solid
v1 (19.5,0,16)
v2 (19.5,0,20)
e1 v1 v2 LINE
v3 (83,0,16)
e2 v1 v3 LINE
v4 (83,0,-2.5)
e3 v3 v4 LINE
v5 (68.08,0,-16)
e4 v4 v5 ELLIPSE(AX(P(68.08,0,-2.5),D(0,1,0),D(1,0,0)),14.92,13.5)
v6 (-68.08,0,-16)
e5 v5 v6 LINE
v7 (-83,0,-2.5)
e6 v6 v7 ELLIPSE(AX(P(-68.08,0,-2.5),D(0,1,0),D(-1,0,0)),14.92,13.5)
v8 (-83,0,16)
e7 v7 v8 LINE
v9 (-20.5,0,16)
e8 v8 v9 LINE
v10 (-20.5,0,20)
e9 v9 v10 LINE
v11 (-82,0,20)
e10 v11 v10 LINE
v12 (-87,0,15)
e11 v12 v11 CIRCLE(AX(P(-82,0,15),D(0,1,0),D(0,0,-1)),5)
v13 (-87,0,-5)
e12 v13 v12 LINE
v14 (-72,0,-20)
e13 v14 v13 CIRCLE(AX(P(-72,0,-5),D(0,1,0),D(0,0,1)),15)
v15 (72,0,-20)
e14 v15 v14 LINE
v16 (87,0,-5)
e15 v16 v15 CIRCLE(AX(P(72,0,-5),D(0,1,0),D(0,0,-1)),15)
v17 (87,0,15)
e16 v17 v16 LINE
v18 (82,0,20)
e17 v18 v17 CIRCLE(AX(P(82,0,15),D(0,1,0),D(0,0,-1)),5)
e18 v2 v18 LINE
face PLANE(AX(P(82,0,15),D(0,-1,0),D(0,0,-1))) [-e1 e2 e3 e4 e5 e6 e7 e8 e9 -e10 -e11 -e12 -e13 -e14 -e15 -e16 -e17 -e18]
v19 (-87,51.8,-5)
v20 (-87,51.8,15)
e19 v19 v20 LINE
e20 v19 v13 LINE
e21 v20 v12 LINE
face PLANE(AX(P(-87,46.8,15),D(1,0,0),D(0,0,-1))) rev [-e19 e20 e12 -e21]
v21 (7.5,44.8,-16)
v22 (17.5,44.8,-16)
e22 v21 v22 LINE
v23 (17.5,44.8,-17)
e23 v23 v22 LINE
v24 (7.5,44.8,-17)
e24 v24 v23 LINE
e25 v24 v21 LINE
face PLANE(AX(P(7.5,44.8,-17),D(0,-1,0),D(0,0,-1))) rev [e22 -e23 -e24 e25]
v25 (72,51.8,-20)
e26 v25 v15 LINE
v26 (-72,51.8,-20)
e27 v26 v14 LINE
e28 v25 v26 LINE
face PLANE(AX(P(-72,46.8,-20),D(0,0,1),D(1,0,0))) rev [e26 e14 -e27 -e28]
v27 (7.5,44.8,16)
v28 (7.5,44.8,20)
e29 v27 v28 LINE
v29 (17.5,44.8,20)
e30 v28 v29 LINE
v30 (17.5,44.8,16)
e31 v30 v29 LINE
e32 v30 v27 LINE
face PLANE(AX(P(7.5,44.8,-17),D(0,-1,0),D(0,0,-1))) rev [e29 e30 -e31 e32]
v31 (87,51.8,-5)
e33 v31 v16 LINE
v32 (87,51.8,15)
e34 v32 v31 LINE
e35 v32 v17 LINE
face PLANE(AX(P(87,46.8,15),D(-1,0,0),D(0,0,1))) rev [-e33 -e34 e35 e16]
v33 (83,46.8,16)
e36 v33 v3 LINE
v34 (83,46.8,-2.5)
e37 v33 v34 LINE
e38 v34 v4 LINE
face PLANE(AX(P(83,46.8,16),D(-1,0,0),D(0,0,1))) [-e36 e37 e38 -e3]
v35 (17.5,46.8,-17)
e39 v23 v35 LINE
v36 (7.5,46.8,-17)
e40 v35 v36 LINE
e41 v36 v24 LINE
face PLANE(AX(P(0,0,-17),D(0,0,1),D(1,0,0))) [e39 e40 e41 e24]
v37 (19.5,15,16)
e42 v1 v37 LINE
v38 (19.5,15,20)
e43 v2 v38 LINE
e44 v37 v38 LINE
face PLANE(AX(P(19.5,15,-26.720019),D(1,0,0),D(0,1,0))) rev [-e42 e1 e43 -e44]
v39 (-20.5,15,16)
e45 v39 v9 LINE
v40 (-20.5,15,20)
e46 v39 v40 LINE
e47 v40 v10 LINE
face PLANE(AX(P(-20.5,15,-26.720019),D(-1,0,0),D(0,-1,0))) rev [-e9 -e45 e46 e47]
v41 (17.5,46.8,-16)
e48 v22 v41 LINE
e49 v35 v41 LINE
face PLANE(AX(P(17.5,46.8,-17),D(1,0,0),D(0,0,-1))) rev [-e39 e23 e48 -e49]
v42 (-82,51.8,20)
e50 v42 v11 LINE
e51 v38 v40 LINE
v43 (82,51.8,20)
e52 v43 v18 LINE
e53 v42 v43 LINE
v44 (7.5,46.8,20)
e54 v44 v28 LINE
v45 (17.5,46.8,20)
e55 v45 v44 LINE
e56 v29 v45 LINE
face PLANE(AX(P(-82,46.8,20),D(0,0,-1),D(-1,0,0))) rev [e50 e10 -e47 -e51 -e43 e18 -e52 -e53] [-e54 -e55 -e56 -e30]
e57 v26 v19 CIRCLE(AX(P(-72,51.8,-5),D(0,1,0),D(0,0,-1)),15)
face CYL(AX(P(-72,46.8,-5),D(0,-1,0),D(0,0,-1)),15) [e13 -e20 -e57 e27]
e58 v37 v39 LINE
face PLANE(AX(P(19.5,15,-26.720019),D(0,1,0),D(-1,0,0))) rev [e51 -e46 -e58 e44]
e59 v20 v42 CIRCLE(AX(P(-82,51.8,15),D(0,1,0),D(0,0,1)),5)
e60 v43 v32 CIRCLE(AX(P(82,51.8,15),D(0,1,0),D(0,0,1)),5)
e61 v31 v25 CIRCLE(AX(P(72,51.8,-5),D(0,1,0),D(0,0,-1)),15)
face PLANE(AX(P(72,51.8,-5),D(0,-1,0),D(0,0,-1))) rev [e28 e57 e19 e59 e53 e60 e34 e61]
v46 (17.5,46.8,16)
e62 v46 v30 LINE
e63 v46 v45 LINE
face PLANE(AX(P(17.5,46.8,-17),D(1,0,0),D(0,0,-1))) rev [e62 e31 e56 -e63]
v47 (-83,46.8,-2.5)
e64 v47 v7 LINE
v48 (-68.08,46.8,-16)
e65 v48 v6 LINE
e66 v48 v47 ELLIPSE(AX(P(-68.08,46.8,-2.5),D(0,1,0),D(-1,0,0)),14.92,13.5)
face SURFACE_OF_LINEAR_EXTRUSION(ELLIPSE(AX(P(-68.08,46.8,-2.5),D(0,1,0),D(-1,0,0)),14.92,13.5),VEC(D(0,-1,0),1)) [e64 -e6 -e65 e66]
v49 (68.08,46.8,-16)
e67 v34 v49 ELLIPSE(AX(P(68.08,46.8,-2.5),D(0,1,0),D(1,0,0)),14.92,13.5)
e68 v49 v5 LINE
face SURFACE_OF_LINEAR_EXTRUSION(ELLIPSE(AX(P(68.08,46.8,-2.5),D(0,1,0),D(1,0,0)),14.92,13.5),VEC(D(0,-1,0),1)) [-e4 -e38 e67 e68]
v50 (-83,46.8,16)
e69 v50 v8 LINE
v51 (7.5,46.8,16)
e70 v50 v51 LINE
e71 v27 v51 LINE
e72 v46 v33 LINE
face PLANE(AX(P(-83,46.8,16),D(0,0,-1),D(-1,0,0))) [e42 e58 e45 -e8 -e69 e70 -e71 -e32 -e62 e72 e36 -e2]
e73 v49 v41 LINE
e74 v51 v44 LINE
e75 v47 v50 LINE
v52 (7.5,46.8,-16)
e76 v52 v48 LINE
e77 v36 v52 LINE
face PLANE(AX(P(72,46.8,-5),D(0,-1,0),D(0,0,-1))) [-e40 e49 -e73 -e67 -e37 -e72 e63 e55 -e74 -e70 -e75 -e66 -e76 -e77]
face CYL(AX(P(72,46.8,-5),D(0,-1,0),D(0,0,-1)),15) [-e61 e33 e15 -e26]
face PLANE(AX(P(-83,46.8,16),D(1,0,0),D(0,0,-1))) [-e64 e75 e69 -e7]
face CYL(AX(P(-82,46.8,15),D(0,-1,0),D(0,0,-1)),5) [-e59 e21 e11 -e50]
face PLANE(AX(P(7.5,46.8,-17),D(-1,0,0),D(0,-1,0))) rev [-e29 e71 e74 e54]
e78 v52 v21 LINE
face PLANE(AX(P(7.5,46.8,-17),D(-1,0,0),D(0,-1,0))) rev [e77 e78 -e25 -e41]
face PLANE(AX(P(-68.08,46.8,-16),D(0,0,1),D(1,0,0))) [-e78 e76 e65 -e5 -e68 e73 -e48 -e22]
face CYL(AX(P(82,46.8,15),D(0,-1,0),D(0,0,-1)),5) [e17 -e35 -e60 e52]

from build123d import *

# Parameters (mm, degrees)
BOSS_EXTRUDE1_DEPTH = 46.8
SKETCH5_W           = 40
SKETCH5_H           = 15
CUT_EXTRUDE1_DEPTH  = 4
BOSS_EXTRUDE3_DEPTH = 5
SKETCH13_W          = 10
SKETCH13_H          = 2
CUT_EXTRUDE2_DEPTH  = 37


with BuildPart() as part:
    # Sketch1 → Boss-Extrude1 (new body)
    with BuildSketch(Plane(origin=(0, 0, 0), x_dir=(1, 0, 0), z_dir=(0, 1, 0))):
        with BuildLine():
            Line((-82, -20), (82, -20))
            ThreePointArc((82, -20), (85.535533906, -18.535533906), (87, -15))
            Line((87, -15), (87, 5))
            ThreePointArc((87, 5), (82.606601718, 15.606601718), (72, 20))
            Line((72, 20), (-72, 20))
            ThreePointArc((-72, 20), (-82.606601718, 15.606601718), (-87, 5))
            Line((-87, 5), (-87, -15))
            ThreePointArc((-87, -15), (-85.535533906, -18.535533906), (-82, -20))
        make_face()
        with BuildLine():
            Line((-68.08, 16), (68.08, 16))
            add(Edge.make_bspline(
                [(83, 2.5), (83, 16), (68.08, 16)],
                knots=[0, 0, 0, 1.570796327, 1.570796327, 1.570796327], degree=2, weights=[1, 0.707106781, 1]))
            Line((83, 2.5), (83, -16))
            Line((83, -16), (-83, -16))
            Line((-83, -16), (-83, 2.5))
            add(Edge.make_bspline(
                [(-68.08, 16), (-83, 16), (-83, 2.5)],
                knots=[4.71238898, 4.71238898, 4.71238898, 6.283185307, 6.283185307, 6.283185307], degree=2, weights=[1, 0.707106781, 1]))
        make_face(mode=Mode.SUBTRACT)
    extrude(amount=BOSS_EXTRUDE1_DEPTH)

    # Sketch5 → Cut-Extrude1 (cut)
    with BuildSketch(Plane.XY.offset(20)):
        with Locations((-0.5, 7.5)):
            Rectangle(SKETCH5_W, SKETCH5_H)
    extrude(amount=-CUT_EXTRUDE1_DEPTH, mode=Mode.SUBTRACT)

    # Sketch10 → Boss-Extrude3 (add)
    with BuildSketch(Plane(origin=(0, 46.8, 0), x_dir=(1, 0, 0), z_dir=(0, 1, 0))):
        with BuildLine():
            Line((-82, -20), (82, -20))
            ThreePointArc((82, -20), (85.535533906, -18.535533906), (87, -15))
            Line((87, -15), (87, 5))
            ThreePointArc((87, 5), (82.606601718, 15.606601718), (72, 20))
            Line((72, 20), (-72, 20))
            ThreePointArc((-72, 20), (-82.606601718, 15.606601718), (-87, 5))
            Line((-87, 5), (-87, -15))
            ThreePointArc((-87, -15), (-85.535533906, -18.535533906), (-82, -20))
        make_face()
    extrude(amount=BOSS_EXTRUDE3_DEPTH)

    # Sketch13 → Cut-Extrude2 (cut)
    with BuildSketch(Plane.XY.offset(20)):
        with Locations((12.5, 45.8)):
            Rectangle(SKETCH13_W, SKETCH13_H)
    extrude(amount=-CUT_EXTRUDE2_DEPTH, mode=Mode.SUBTRACT)


solid = part.part
